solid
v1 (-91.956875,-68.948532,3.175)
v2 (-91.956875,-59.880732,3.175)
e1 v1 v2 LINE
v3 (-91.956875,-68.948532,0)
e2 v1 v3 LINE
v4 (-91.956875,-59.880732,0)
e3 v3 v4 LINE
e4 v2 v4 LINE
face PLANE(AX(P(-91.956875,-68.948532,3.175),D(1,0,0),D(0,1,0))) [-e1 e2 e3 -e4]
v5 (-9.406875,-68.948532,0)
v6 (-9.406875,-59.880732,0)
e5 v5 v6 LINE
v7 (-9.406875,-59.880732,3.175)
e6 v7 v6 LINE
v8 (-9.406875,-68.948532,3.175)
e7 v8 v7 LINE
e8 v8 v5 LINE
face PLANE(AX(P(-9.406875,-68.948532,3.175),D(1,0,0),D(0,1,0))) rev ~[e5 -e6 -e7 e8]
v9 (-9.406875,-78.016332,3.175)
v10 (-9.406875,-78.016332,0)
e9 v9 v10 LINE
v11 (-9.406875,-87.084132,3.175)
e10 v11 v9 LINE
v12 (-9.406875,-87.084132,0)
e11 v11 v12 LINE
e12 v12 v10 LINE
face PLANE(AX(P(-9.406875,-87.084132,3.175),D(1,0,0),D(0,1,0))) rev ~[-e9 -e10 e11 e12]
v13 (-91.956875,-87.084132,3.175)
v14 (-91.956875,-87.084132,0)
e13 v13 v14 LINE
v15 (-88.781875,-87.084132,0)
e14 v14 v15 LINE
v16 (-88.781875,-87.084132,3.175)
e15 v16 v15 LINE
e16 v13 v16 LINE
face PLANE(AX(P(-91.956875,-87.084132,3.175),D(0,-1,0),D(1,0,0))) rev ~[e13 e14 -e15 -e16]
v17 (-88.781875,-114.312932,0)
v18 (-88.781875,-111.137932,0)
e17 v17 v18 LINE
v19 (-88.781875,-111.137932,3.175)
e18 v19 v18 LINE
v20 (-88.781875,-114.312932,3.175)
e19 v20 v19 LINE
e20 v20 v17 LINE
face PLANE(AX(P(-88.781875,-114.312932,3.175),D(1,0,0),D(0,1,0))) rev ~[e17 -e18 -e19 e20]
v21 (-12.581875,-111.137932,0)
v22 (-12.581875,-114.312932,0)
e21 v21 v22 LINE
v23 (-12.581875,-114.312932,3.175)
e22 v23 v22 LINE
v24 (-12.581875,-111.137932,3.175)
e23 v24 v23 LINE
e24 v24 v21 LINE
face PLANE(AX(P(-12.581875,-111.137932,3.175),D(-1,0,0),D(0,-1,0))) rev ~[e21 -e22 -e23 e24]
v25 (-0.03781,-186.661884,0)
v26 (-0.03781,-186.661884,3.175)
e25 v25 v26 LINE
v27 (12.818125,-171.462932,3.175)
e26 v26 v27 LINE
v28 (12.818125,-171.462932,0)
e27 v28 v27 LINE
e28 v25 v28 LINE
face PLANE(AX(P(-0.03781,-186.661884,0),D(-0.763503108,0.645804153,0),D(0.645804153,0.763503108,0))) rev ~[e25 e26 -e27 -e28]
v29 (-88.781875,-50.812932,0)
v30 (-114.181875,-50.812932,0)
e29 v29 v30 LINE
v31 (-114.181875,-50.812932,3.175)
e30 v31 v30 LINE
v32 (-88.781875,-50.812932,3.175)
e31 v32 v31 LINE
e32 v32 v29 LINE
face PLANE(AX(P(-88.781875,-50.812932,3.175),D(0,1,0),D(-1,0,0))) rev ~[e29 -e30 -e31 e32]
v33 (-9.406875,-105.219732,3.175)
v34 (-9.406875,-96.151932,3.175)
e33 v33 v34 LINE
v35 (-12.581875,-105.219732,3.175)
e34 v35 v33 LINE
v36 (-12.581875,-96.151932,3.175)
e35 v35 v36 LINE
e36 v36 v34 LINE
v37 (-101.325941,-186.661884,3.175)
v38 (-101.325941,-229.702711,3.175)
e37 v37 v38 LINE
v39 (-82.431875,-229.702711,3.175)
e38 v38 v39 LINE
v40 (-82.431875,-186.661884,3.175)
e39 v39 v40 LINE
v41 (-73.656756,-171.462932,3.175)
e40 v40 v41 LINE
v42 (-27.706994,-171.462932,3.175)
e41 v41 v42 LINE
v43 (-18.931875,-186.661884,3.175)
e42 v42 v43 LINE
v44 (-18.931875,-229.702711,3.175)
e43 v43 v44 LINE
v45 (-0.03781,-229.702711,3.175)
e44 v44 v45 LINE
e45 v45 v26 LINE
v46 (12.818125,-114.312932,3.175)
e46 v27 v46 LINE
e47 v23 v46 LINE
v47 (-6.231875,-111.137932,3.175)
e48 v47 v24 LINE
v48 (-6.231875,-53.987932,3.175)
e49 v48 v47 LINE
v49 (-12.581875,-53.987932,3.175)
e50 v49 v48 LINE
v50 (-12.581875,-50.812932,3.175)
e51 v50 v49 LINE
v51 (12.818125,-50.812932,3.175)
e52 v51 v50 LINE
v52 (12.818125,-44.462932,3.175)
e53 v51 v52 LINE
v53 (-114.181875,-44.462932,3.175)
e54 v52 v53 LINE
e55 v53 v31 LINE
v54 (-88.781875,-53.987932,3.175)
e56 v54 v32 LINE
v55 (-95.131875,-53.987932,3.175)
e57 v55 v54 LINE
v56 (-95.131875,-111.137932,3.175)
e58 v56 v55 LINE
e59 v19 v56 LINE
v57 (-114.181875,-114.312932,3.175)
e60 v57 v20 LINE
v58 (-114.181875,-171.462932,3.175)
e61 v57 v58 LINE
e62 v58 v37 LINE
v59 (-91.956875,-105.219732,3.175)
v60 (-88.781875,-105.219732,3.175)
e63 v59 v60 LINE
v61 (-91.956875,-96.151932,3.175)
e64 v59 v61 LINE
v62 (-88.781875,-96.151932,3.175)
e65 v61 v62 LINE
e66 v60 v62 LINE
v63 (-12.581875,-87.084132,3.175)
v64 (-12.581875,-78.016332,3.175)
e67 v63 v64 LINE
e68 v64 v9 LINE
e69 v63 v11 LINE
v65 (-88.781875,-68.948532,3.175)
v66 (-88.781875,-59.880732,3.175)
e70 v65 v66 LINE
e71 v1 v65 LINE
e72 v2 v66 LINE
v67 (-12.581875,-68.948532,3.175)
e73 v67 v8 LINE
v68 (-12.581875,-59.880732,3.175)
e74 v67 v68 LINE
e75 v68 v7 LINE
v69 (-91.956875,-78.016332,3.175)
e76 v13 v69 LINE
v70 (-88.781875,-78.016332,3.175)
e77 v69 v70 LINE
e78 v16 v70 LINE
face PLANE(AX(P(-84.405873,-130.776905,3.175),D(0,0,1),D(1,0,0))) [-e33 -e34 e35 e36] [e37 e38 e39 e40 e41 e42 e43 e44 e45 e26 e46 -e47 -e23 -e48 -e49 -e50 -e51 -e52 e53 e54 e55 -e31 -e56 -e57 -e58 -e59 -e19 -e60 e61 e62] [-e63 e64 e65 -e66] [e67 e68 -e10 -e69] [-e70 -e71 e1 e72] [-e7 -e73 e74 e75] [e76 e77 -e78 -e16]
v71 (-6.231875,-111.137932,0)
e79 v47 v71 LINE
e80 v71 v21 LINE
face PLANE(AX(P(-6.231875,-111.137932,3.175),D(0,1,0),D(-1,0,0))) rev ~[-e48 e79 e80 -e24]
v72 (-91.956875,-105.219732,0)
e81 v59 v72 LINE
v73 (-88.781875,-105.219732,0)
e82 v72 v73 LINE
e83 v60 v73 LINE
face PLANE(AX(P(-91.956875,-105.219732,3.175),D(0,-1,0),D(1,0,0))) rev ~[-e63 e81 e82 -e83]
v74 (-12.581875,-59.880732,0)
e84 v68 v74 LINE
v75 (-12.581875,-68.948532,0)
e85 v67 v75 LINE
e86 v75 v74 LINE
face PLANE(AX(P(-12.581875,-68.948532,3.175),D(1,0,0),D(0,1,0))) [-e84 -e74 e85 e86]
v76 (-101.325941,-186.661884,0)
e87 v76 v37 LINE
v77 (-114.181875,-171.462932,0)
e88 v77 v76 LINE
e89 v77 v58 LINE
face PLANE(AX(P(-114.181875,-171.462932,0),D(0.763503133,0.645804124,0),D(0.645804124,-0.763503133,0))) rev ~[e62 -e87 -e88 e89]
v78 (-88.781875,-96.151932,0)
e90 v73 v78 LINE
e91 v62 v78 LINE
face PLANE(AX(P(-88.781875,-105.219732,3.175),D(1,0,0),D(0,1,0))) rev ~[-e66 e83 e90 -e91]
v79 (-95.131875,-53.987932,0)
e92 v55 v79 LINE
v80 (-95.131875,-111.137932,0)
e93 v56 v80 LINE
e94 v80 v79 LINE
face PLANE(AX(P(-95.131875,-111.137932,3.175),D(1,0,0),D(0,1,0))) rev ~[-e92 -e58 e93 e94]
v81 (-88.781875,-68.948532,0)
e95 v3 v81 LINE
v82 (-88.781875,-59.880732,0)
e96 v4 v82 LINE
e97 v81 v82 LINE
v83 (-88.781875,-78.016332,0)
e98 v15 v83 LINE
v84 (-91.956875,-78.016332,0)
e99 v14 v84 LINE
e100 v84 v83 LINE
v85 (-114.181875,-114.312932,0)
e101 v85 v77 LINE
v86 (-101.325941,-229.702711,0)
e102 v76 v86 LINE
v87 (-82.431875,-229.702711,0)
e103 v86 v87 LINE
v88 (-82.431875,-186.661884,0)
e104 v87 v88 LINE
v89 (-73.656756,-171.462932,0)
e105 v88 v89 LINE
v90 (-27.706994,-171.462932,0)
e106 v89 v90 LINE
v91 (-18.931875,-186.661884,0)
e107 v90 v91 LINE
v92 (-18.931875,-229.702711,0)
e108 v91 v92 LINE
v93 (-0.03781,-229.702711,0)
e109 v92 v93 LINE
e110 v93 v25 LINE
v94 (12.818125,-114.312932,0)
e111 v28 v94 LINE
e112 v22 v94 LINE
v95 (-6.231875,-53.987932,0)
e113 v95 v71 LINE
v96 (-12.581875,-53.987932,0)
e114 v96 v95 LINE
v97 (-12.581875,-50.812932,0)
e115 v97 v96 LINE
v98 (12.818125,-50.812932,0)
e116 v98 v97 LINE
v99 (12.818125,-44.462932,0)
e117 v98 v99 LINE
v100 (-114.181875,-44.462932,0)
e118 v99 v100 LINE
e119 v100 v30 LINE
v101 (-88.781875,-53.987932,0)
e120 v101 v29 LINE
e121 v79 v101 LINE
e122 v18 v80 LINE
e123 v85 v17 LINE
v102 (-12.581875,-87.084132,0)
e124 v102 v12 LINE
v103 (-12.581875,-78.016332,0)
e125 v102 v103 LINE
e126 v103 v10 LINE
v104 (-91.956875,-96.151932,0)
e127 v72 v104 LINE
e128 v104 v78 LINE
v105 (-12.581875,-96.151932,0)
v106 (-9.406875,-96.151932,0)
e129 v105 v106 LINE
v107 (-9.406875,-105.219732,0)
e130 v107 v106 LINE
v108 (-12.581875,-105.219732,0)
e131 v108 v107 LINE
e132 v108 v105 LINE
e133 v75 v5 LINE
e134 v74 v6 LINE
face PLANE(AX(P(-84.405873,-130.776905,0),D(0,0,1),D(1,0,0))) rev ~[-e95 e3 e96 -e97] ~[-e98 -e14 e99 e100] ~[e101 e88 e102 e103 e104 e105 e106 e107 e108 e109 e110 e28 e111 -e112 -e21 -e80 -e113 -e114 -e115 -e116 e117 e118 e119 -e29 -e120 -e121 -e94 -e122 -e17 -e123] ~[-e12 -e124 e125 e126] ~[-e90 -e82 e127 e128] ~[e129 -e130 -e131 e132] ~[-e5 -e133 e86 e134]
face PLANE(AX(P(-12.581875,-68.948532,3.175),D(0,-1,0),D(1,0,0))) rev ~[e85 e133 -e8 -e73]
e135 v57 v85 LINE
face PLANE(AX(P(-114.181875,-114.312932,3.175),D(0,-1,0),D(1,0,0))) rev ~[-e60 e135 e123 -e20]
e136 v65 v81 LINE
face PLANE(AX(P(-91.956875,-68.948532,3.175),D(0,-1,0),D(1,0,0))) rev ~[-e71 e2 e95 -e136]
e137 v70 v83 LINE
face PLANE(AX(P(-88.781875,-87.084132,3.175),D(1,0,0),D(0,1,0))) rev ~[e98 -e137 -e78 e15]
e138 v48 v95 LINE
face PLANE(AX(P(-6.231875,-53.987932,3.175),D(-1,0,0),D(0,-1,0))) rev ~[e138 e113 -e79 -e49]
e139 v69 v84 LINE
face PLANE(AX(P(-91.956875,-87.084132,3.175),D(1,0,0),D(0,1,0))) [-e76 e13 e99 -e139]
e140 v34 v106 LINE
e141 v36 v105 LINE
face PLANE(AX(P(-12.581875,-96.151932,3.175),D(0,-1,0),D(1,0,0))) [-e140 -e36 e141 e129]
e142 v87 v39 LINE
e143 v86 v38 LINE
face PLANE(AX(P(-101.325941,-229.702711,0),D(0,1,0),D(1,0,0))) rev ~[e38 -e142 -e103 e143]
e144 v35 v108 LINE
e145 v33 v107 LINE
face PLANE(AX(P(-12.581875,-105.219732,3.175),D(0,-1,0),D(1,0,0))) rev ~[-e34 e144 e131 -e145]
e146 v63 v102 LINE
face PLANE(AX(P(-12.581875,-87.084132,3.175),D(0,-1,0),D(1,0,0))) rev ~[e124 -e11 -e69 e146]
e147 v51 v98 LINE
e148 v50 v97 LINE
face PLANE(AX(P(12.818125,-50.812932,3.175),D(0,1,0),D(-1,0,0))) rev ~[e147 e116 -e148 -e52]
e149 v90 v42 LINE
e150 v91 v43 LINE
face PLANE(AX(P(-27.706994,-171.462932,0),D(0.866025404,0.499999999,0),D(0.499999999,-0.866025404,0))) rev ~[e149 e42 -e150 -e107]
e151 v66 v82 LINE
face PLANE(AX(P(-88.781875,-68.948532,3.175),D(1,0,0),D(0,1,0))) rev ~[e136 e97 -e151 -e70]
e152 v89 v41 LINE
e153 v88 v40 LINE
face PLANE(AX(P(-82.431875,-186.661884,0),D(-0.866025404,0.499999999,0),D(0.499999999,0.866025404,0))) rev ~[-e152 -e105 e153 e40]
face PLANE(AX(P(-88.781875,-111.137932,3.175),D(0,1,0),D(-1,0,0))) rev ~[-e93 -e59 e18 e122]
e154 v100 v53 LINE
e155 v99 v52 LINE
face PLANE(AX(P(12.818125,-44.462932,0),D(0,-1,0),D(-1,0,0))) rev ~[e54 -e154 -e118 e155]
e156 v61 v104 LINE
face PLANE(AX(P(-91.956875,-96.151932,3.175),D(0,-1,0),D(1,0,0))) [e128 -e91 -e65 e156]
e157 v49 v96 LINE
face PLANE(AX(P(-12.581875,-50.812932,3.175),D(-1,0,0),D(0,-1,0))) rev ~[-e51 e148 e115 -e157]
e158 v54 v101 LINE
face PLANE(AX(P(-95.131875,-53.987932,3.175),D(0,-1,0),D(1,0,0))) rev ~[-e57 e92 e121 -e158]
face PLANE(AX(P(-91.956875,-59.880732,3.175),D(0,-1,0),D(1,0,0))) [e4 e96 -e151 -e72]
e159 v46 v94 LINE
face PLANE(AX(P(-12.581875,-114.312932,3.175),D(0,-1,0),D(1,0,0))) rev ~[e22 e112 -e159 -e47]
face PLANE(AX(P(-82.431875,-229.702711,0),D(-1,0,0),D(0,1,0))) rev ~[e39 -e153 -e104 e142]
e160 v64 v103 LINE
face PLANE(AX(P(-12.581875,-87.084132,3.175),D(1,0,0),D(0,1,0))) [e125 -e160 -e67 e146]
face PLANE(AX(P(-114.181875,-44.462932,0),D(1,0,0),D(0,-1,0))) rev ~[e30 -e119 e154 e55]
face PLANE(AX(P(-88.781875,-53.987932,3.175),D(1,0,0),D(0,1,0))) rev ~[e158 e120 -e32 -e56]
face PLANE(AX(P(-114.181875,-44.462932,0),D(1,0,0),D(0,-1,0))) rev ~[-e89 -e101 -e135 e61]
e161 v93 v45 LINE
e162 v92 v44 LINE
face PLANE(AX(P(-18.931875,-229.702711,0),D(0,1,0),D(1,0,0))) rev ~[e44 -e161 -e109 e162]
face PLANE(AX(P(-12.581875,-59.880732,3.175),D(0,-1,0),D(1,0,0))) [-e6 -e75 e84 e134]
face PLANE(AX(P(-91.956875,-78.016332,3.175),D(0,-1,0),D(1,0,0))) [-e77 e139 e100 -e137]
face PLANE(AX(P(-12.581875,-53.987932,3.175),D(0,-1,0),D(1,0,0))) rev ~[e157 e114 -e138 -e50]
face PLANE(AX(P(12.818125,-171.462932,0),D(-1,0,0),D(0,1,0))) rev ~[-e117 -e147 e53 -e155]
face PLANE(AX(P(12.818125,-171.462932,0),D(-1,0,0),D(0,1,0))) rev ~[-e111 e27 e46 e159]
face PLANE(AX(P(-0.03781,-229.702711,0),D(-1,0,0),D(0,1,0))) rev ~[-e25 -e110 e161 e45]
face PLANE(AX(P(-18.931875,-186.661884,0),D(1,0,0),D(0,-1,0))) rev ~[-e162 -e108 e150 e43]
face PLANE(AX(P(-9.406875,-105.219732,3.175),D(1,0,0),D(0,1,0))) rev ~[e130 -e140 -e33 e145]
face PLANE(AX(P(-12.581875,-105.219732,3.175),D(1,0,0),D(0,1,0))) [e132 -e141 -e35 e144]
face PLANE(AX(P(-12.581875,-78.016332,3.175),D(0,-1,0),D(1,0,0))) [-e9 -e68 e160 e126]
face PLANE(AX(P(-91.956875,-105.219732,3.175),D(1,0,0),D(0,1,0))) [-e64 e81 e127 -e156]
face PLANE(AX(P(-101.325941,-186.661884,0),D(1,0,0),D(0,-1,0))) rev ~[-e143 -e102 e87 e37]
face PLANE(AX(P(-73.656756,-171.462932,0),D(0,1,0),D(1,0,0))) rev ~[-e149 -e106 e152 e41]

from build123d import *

# Parameters (mm, degrees)
F1_DEPTH = 3.175
F3_W     = 3.175
F3_H     = 9.0678
F4_DEPTH = 25.4
F6_DEPTH = 25.4


with BuildPart() as f1:
    # F0 (on Top) → F1 (new body)
    with BuildSketch(Plane.XY):
        Polygon((-50.681875, -44.462932), (-114.181875, -44.462932), (-114.181875, -171.462932), (-101.325941, -186.661884), (-101.325941, -229.702711), (-82.431875, -229.702711), (-82.431875, -186.661884), (-73.656756, -171.462932), (-50.681875, -171.462932), align=None)
        Polygon((12.818125, -44.462932), (-50.681875, -44.462932), (-50.681875, -171.462932), (-27.706994, -171.462932), (-18.931875, -186.661884), (-18.931875, -229.702711), (-0.03781, -229.702711), (-0.03781, -186.661884), (12.818125, -171.462932), align=None)
    extrude(amount=F1_DEPTH)

    # F3 (on face) → F4 (cut)
    with BuildSketch(Plane.XY.offset(3.175)):
        with Locations((-110.054375, -64.414632)):
            Rectangle(F3_W, F3_H)
        with Locations((-110.054375, -82.550232)):
            Rectangle(F3_W, F3_H)
        with Locations((-110.054375, -100.685832)):
            Rectangle(F3_W, F3_H)
        with Locations((-90.369375, -64.414632)):
            Rectangle(F3_W, F3_H)
        with Locations((-90.369375, -82.550232)):
            Rectangle(F3_W, F3_H)
        with Locations((-90.369375, -100.685832)):
            Rectangle(F3_W, F3_H)
        with Locations((-10.994375, -82.550232)):
            Rectangle(F3_W, F3_H)
        with Locations((-10.994375, -64.414632)):
            Rectangle(F3_W, F3_H)
        with Locations((8.690625, -100.685832)):
            Rectangle(F3_W, F3_H)
        with Locations((8.690625, -82.550232)):
            Rectangle(F3_W, F3_H)
        with Locations((-10.994375, -100.685832)):
            Rectangle(F3_W, F3_H)
        with Locations((8.690625, -64.414632)):
            Rectangle(F3_W, F3_H)
    extrude(amount=-F4_DEPTH, mode=Mode.SUBTRACT)

    # F5 (on face) → F6 (cut)
    with BuildSketch(Plane.XY.offset(3.175)):
        Polygon((-95.131875, -50.812932), (-114.181875, -50.812932), (-114.181875, -114.312932), (-95.131875, -114.312932), (-88.781875, -114.312932), (-88.781875, -111.137932), (-95.131875, -111.137932), (-95.131875, -53.987932), (-88.781875, -53.987932), (-88.781875, -50.812932), align=None)
        Polygon((-12.581875, -111.137932), (-12.581875, -114.312932), (-6.231875, -114.312932), (12.818125, -114.312932), (12.818125, -50.812932), (-6.231875, -50.812932), (-12.581875, -50.812932), (-12.581875, -53.987932), (-6.231875, -53.987932), (-6.231875, -111.137932), align=None)
    extrude(amount=-F6_DEPTH, mode=Mode.SUBTRACT)


solid = f1.part
